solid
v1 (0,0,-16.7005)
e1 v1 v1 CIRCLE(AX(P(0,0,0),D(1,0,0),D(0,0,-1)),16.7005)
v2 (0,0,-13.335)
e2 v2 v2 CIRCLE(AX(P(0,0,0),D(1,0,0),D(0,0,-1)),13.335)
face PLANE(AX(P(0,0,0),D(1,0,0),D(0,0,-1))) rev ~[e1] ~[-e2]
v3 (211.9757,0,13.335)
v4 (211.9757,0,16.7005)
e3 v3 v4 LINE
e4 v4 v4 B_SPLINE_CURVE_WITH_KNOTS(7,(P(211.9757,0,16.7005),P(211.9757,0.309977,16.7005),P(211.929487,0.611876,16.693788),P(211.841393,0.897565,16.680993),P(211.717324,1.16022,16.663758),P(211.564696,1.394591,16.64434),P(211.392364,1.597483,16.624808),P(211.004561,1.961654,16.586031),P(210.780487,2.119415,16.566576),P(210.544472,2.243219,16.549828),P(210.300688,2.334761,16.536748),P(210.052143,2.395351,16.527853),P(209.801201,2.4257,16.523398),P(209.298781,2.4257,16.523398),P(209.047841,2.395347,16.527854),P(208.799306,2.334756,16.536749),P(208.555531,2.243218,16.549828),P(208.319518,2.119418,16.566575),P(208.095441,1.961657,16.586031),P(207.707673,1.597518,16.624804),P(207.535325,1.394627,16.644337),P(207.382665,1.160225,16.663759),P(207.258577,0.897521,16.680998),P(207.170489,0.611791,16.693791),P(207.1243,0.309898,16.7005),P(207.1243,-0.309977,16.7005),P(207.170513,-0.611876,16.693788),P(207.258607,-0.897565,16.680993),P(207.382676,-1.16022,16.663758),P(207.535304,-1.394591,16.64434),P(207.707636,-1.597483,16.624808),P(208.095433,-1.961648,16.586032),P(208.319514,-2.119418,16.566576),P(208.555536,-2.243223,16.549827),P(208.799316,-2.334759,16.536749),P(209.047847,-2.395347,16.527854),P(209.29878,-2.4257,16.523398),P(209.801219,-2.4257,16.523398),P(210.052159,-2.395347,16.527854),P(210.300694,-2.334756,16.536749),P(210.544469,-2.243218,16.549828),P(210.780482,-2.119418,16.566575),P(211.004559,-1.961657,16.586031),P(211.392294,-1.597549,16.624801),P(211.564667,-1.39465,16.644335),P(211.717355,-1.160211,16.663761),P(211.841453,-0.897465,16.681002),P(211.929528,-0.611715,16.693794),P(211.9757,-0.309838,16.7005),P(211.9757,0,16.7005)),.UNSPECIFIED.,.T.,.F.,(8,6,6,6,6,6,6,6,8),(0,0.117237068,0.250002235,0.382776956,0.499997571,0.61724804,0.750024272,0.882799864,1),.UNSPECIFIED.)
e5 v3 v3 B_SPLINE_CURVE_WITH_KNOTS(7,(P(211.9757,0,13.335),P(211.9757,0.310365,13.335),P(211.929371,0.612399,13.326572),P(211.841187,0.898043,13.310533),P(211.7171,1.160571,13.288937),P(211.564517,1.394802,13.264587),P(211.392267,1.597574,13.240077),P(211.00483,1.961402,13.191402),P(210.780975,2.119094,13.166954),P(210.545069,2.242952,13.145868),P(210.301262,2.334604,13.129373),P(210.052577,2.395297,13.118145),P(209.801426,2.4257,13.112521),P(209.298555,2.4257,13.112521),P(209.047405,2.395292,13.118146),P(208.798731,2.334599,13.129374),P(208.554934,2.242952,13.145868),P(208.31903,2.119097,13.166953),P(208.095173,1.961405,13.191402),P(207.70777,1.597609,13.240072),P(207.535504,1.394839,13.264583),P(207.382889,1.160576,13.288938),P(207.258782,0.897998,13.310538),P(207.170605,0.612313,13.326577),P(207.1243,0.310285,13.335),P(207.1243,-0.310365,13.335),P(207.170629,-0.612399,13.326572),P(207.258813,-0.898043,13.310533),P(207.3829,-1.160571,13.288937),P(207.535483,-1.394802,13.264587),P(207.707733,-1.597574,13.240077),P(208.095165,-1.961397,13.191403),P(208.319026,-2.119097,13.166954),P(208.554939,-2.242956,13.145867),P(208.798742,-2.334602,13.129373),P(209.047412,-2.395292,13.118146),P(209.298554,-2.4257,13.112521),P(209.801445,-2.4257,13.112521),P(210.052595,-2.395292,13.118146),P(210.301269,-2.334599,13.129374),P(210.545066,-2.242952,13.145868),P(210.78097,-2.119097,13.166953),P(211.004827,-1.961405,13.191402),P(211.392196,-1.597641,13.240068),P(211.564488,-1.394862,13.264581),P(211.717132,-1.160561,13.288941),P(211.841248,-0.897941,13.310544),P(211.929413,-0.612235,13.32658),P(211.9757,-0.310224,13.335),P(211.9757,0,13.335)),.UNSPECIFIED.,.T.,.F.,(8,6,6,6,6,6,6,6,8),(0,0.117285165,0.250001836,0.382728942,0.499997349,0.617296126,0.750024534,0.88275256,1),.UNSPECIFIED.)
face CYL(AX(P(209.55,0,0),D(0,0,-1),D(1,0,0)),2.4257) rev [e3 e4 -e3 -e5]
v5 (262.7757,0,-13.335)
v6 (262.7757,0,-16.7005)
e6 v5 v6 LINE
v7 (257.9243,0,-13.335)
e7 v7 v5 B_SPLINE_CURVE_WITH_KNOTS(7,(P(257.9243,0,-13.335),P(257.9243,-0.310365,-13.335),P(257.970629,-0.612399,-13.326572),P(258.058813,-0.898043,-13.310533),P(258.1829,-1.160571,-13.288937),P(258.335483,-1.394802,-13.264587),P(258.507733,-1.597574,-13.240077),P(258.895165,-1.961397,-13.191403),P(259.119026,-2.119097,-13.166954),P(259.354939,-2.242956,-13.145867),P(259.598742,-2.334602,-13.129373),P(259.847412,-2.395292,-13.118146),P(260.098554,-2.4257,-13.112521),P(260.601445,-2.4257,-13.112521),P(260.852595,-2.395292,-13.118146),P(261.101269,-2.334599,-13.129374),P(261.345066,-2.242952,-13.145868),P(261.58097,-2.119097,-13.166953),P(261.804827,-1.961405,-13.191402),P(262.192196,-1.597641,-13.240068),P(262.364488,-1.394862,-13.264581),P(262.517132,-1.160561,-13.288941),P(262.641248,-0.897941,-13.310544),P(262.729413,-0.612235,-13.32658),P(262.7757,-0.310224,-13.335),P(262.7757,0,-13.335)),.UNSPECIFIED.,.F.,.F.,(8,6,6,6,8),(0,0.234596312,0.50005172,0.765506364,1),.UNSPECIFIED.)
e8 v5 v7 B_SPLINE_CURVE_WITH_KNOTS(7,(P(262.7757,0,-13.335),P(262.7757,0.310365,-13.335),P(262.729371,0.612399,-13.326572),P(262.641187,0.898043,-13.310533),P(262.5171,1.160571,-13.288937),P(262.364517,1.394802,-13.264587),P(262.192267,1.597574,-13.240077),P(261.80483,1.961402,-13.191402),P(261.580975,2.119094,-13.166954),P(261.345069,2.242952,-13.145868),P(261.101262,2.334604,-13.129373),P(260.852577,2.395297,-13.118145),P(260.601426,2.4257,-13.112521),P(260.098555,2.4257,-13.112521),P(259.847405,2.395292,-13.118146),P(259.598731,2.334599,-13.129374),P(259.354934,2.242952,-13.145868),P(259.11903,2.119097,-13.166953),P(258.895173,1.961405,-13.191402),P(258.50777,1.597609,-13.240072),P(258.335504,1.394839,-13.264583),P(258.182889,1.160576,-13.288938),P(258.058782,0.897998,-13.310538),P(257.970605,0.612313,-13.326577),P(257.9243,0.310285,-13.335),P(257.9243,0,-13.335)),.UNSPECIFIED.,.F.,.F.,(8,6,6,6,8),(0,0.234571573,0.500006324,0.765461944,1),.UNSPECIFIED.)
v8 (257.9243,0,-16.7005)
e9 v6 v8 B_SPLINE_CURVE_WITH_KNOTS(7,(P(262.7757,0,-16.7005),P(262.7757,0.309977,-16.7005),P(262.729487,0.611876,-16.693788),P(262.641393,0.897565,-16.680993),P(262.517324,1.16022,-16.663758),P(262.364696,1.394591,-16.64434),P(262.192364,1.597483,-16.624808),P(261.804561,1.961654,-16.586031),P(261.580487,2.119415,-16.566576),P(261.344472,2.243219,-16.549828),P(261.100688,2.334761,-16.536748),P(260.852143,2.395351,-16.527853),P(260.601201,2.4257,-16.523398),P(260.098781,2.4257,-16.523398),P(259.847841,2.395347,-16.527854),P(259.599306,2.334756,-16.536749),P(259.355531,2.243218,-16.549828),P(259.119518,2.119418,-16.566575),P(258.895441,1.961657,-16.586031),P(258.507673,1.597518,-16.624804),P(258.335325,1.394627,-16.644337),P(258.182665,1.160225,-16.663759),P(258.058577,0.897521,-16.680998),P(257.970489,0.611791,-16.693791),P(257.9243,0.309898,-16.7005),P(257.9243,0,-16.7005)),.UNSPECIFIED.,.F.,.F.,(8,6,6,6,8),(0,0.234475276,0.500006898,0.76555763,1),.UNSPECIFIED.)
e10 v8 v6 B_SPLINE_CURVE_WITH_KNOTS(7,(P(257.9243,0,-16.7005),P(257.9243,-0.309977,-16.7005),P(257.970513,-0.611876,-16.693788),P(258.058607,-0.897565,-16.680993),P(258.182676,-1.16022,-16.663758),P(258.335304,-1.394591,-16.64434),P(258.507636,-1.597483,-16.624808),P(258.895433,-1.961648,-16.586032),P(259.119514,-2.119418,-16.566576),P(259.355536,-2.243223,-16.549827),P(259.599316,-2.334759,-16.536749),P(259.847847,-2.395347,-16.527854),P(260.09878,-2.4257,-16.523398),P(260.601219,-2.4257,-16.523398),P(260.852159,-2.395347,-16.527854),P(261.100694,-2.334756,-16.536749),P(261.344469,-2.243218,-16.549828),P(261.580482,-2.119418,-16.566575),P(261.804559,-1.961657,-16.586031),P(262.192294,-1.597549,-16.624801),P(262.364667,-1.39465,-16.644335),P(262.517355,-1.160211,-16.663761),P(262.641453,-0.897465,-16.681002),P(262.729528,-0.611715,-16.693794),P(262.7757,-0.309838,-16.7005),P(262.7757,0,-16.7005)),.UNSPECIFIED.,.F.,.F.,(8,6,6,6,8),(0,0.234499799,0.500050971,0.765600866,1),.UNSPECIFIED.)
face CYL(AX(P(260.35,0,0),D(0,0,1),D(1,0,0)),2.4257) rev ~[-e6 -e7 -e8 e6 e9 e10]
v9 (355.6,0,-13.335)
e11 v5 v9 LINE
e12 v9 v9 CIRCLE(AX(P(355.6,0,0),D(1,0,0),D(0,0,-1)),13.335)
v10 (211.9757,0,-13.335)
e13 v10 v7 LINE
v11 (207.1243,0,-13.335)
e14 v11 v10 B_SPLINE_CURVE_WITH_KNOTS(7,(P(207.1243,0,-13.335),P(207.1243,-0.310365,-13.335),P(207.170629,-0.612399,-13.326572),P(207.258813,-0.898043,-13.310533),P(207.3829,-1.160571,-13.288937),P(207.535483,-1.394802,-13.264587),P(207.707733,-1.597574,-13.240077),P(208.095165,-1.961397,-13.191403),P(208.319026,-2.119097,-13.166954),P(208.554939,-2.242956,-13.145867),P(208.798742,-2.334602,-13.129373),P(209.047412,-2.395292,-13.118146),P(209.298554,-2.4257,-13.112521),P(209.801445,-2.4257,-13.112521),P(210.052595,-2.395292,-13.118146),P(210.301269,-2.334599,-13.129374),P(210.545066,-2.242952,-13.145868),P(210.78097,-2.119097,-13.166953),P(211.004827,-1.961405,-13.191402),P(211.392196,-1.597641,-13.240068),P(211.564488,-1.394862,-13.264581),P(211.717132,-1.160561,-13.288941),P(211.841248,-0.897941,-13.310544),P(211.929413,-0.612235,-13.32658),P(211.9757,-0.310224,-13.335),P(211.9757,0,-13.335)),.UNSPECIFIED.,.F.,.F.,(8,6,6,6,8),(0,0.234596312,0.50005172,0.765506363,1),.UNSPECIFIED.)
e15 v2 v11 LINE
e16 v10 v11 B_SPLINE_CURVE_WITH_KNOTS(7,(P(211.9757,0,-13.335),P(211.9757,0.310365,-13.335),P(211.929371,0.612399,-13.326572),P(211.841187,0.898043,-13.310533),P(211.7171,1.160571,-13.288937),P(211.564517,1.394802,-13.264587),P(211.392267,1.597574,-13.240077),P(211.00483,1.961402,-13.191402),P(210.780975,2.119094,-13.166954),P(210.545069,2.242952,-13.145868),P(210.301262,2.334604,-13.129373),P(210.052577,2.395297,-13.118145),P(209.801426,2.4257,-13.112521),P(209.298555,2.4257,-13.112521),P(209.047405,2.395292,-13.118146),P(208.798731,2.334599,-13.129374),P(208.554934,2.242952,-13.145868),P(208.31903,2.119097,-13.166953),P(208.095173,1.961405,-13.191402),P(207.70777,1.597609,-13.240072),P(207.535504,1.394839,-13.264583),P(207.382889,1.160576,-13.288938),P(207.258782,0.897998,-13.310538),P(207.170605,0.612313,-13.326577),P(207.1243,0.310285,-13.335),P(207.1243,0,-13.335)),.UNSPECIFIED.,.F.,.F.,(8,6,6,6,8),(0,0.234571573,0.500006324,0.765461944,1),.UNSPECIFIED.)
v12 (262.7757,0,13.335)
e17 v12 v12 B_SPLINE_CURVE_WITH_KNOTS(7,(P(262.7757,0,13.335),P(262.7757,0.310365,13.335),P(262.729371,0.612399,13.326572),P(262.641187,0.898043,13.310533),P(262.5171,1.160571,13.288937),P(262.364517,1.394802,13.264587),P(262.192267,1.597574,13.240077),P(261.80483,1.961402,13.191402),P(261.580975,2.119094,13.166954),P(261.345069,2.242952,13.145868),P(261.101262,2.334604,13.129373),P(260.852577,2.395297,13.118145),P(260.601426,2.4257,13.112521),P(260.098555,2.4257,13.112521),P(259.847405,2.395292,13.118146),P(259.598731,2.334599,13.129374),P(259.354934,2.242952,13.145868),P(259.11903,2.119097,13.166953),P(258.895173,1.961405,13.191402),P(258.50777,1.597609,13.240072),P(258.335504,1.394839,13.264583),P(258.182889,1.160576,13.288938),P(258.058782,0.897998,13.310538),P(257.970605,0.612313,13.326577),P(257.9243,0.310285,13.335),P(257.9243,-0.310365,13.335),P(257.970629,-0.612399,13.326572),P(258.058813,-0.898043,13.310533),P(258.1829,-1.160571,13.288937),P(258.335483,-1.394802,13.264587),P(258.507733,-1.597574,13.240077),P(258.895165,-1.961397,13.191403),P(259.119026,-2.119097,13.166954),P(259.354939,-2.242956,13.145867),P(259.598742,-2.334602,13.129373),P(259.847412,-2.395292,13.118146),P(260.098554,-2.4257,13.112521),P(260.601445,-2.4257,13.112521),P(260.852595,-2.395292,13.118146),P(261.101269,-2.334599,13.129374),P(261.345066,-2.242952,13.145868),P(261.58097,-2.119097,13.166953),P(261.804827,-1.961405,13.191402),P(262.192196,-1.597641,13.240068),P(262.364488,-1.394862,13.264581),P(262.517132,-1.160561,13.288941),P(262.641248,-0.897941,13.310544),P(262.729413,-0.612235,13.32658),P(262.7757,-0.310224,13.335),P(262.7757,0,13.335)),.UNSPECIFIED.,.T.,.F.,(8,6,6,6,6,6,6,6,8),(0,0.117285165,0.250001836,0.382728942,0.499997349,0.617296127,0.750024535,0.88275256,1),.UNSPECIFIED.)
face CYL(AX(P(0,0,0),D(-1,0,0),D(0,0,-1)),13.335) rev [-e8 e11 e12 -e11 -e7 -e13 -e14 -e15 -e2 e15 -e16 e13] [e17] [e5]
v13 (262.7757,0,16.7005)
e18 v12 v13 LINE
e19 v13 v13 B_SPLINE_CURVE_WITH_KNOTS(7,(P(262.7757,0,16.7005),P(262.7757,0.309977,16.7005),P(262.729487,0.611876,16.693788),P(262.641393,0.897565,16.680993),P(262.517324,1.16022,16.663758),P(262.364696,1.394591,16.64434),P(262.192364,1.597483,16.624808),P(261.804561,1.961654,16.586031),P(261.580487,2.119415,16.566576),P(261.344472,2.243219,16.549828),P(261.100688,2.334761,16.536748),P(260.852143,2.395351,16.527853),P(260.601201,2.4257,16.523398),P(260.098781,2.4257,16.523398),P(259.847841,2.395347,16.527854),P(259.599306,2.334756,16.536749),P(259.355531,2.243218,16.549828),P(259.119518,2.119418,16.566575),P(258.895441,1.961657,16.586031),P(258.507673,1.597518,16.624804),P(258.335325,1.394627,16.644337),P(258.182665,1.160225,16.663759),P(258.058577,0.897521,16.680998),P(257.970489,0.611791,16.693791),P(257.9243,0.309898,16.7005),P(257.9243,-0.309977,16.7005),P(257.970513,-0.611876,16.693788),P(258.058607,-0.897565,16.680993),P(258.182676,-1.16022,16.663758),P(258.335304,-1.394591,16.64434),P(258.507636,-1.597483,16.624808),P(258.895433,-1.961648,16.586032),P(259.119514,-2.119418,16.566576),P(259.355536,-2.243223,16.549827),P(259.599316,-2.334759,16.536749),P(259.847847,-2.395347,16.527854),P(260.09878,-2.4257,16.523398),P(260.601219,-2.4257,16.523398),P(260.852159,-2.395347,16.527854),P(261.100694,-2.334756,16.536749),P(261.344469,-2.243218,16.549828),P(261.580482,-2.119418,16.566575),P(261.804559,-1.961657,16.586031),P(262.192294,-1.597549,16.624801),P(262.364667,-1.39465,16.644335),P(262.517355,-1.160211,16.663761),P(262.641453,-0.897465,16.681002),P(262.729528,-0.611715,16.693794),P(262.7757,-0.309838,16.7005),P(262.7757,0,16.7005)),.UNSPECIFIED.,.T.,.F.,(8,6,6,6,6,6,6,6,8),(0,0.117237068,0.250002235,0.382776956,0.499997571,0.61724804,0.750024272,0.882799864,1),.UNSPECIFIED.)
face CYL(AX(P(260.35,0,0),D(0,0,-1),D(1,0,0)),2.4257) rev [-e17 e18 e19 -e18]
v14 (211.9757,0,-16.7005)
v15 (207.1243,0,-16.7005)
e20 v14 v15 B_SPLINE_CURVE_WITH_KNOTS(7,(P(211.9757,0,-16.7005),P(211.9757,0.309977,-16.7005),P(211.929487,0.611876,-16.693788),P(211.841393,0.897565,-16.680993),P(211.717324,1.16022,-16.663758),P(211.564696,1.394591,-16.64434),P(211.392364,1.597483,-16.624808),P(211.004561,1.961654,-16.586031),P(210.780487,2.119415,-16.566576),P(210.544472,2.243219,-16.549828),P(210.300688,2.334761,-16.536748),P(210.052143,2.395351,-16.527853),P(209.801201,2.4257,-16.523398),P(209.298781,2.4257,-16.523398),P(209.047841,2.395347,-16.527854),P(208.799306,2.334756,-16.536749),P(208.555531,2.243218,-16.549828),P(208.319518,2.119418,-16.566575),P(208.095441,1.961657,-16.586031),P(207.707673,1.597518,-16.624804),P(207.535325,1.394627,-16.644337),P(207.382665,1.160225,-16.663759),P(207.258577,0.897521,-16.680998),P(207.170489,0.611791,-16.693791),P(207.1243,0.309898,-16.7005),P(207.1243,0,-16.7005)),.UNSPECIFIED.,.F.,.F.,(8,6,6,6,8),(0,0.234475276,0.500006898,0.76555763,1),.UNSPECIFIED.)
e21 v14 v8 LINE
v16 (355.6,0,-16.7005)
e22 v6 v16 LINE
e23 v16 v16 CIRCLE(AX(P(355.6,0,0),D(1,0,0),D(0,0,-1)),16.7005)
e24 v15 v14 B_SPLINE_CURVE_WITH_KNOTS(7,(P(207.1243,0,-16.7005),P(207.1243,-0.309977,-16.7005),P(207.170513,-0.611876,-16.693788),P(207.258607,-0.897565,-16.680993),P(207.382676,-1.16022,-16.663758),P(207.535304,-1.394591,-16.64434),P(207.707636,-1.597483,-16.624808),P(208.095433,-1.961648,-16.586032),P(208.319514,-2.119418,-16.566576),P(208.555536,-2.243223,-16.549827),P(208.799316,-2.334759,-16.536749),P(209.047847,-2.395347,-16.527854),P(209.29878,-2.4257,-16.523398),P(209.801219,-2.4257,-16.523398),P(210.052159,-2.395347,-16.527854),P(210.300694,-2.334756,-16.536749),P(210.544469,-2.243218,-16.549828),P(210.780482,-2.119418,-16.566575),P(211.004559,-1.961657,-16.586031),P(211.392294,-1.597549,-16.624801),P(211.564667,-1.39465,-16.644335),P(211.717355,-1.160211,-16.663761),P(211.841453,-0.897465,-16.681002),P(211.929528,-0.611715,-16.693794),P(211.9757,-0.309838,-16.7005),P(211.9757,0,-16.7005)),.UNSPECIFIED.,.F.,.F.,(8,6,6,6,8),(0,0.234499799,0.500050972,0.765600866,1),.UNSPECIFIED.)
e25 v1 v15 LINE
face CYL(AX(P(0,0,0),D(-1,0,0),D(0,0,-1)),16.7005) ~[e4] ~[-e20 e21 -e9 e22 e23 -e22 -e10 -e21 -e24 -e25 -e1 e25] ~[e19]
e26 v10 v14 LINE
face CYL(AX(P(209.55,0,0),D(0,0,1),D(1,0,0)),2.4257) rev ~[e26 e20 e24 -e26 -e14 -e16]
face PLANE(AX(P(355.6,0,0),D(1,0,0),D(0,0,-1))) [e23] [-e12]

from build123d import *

# Parameters (mm, degrees)
SKETCH1_R               = 16.7005
SKETCH1_R_2             = 13.335
BOSS_EXTRUDE1_DEPTH     = 355.6
SKETCH2_R               = 2.4257
CUT_EXTRUDE1_DEPTH      = 17.7005
CUT_EXTRUDE1_DEPTH_BACK = 17.7005


with BuildPart() as part:
    # Sketch1 → Boss-Extrude1 (new body)
    with BuildSketch(Plane(origin=(0, 0, 0), x_dir=(0, 0, -1), z_dir=(1, 0, 0))):
        Circle(SKETCH1_R)
        Circle(SKETCH1_R_2, mode=Mode.SUBTRACT)
    extrude(amount=BOSS_EXTRUDE1_DEPTH)

    # Sketch2 → Cut-Extrude1 (cut, two sides)
    with BuildSketch(Plane.XY) as cut_extrude1_sk:
        with Locations((209.55, 0)):
            Circle(SKETCH2_R)
        with Locations((260.35, 0)):
            Circle(SKETCH2_R)
    extrude(amount=CUT_EXTRUDE1_DEPTH, mode=Mode.SUBTRACT)
    extrude(cut_extrude1_sk.sketch, amount=-CUT_EXTRUDE1_DEPTH_BACK, mode=Mode.SUBTRACT)


solid = part.part
